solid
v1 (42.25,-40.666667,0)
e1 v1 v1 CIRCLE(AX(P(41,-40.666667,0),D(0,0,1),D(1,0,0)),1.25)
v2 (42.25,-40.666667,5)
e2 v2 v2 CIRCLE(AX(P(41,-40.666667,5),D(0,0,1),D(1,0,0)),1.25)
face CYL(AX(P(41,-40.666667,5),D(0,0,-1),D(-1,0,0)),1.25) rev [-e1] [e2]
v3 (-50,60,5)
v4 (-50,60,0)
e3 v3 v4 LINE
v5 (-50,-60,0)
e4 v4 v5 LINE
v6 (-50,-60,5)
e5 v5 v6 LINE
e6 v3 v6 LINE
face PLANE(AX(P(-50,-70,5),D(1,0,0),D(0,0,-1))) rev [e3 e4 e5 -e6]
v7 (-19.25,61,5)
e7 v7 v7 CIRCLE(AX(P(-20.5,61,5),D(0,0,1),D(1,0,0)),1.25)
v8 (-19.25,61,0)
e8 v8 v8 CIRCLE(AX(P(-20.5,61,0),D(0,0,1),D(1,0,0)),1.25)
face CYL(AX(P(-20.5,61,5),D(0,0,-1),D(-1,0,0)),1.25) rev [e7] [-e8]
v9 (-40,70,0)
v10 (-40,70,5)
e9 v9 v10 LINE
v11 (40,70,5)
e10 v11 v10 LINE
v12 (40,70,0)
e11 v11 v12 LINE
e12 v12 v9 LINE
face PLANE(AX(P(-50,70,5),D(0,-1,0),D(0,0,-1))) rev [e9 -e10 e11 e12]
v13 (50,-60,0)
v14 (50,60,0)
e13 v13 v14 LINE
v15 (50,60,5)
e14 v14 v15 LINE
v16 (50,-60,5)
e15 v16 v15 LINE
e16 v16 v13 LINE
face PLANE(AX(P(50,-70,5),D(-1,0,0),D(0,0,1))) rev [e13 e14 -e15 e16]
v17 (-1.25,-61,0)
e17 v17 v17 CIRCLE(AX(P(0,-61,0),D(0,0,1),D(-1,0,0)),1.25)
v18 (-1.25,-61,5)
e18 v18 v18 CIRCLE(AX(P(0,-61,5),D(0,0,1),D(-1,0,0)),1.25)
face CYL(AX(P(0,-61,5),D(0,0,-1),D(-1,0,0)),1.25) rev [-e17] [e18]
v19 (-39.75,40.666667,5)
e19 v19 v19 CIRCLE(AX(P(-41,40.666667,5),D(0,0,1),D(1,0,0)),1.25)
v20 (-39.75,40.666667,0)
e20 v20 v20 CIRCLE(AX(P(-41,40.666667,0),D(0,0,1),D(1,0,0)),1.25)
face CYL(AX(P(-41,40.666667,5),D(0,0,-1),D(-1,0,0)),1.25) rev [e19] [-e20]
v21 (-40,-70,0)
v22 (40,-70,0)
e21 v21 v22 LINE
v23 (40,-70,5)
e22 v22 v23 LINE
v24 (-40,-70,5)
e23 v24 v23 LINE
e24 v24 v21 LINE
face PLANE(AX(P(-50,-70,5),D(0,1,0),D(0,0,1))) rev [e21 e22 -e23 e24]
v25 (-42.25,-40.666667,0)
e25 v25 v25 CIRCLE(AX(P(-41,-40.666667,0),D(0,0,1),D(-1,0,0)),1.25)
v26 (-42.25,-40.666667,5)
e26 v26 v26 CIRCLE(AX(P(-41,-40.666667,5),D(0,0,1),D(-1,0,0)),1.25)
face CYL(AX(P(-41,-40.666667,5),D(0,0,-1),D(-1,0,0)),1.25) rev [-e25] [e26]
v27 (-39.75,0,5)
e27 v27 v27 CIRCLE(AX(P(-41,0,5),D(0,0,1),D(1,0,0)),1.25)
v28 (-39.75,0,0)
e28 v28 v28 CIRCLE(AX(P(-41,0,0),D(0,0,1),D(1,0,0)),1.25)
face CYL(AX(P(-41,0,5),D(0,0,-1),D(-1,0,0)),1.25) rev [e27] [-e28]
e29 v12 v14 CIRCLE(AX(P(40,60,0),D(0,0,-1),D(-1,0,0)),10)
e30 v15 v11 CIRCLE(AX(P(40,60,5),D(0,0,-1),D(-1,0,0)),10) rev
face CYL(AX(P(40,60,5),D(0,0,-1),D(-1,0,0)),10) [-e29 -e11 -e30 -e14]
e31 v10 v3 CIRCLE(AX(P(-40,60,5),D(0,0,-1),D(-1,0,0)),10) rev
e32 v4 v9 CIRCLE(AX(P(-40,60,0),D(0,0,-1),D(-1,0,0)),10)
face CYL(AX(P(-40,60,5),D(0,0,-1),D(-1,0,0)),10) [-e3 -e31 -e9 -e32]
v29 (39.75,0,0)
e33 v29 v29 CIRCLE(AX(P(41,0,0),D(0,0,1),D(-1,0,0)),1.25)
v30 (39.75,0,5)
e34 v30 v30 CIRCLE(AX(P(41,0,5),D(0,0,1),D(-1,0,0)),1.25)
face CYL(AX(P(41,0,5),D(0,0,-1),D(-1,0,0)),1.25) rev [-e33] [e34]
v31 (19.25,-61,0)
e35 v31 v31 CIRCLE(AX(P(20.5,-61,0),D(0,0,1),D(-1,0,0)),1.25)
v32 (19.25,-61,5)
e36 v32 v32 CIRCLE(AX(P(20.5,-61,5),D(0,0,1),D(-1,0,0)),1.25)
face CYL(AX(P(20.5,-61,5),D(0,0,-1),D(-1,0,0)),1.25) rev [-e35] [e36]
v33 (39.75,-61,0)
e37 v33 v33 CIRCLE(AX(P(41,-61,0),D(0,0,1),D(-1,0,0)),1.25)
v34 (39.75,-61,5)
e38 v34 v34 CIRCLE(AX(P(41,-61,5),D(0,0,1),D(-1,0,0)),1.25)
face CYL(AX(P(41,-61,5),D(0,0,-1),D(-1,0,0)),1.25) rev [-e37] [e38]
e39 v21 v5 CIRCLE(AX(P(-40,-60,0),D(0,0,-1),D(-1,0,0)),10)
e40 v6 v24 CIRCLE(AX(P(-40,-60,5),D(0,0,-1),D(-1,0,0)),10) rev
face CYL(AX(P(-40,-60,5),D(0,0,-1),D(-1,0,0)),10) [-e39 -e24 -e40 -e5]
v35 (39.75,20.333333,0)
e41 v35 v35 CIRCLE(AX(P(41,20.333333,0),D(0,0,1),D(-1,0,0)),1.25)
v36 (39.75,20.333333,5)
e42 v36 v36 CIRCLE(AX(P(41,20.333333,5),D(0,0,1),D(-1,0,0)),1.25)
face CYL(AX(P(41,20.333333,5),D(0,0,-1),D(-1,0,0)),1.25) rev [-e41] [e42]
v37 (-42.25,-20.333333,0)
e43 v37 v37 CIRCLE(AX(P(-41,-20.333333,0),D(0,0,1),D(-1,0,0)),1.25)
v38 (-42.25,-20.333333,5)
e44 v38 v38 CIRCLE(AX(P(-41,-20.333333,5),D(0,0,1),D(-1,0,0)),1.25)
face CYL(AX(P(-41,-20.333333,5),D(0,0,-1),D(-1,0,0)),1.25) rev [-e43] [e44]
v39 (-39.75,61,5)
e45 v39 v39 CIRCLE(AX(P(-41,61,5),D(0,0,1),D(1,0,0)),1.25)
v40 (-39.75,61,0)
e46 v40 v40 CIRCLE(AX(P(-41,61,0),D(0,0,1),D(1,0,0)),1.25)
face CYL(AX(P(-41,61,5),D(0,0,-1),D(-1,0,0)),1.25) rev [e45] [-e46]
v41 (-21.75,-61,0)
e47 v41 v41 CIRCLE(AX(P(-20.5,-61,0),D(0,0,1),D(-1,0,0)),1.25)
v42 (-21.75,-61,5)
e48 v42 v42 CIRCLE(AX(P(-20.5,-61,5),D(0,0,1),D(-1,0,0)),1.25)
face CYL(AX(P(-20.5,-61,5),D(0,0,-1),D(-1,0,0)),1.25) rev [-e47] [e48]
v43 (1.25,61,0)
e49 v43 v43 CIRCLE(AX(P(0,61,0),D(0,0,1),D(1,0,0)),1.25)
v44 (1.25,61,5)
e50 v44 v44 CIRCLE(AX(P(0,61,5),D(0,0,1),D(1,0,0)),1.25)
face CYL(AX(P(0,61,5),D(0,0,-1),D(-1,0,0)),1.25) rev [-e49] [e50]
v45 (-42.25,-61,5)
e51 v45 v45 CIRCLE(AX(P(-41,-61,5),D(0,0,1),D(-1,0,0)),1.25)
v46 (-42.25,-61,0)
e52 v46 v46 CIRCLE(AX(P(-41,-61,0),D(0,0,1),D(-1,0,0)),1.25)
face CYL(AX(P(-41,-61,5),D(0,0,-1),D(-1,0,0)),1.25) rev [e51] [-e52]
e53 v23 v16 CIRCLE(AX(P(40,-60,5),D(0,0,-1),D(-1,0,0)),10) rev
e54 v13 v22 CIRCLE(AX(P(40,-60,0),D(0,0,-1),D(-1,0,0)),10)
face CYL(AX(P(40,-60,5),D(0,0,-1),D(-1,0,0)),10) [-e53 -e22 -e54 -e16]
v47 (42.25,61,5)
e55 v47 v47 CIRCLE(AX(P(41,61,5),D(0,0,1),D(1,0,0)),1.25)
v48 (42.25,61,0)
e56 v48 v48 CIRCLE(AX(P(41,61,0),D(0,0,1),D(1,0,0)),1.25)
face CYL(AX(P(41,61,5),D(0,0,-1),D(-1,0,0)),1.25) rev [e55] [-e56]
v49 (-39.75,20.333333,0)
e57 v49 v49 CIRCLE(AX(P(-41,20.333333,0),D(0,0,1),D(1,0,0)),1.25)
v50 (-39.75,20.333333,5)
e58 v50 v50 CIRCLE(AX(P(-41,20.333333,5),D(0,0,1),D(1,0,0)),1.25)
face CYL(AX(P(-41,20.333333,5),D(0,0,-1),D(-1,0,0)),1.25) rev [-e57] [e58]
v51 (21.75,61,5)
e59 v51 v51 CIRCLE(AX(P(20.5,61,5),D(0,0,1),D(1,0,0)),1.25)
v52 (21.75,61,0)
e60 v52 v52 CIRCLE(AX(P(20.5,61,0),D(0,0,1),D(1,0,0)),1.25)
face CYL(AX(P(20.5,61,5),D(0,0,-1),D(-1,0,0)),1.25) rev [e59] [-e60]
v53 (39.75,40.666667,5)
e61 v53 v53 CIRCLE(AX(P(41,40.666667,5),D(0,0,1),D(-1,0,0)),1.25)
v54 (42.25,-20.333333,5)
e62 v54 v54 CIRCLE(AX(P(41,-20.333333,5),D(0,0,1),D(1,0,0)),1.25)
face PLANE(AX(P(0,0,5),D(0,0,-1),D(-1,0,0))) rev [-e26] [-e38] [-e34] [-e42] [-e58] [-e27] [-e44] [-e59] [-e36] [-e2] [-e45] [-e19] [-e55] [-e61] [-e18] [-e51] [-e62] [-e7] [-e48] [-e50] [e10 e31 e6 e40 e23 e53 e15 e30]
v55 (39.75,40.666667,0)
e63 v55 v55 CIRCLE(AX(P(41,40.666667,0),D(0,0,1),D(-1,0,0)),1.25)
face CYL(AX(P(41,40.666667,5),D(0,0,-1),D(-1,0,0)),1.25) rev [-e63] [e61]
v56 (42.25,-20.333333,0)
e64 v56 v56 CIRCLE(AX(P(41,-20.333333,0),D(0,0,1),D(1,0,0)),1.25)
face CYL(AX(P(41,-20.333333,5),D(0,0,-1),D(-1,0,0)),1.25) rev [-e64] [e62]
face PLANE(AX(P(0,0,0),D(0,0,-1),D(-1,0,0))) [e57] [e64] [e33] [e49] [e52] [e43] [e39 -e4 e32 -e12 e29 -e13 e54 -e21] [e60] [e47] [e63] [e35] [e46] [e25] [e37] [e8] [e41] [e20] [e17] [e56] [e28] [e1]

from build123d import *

# Parameters (mm, degrees)
SKETCH1_W           = 100
SKETCH1_H           = 140
SKETCH1_R           = 1.25
BOSS_EXTRUDE1_DEPTH = 5
FILLET1_R           = 10


with BuildPart() as part:
    # Sketch1 → Boss-Extrude1 (new body)
    with BuildSketch(Plane.XY):
        Rectangle(SKETCH1_W, SKETCH1_H)
        with Locations((0, 61)):
            Circle(SKETCH1_R, mode=Mode.SUBTRACT)
        with Locations((-41, 61)):
            Circle(SKETCH1_R, mode=Mode.SUBTRACT)
        with Locations((-20.5, 61)):
            Circle(SKETCH1_R, mode=Mode.SUBTRACT)
        with Locations((20.5, 61)):
            Circle(SKETCH1_R, mode=Mode.SUBTRACT)
        with Locations((41, 61)):
            Circle(SKETCH1_R, mode=Mode.SUBTRACT)
        with Locations((-41, 0)):
            Circle(SKETCH1_R, mode=Mode.SUBTRACT)
        with Locations((-41, 40.666666667)):
            Circle(SKETCH1_R, mode=Mode.SUBTRACT)
        with Locations((-41, 20.333333333)):
            Circle(SKETCH1_R, mode=Mode.SUBTRACT)
        with Locations(Location((41, 40.666666667, 0), (0, 0, 180))):
            Circle(SKETCH1_R, mode=Mode.SUBTRACT)
        with Locations(Location((41, 20.333333333, 0), (0, 0, 180))):
            Circle(SKETCH1_R, mode=Mode.SUBTRACT)
        with Locations(Location((41, 0, 0), (0, 0, 180))):
            Circle(SKETCH1_R, mode=Mode.SUBTRACT)
        with Locations(Location((-20.5, -61, 0), (0, 0, 180))):
            Circle(SKETCH1_R, mode=Mode.SUBTRACT)
        with Locations(Location((0, -61, 0), (0, 0, 180))):
            Circle(SKETCH1_R, mode=Mode.SUBTRACT)
        with Locations(Location((20.5, -61, 0), (0, 0, 180))):
            Circle(SKETCH1_R, mode=Mode.SUBTRACT)
        with Locations(Location((41, -61, 0), (0, 0, 180))):
            Circle(SKETCH1_R, mode=Mode.SUBTRACT)
        with Locations((41, -40.666666667)):
            Circle(SKETCH1_R, mode=Mode.SUBTRACT)
        with Locations((41, -20.333333333)):
            Circle(SKETCH1_R, mode=Mode.SUBTRACT)
        with Locations(Location((-41, -20.333333333, 0), (0, 0, 180))):
            Circle(SKETCH1_R, mode=Mode.SUBTRACT)
        with Locations(Location((-41, -40.666666667, 0), (0, 0, 180))):
            Circle(SKETCH1_R, mode=Mode.SUBTRACT)
        with Locations(Location((-41, -61, 0), (0, 0, 180))):
            Circle(SKETCH1_R, mode=Mode.SUBTRACT)
    extrude(amount=BOSS_EXTRUDE1_DEPTH)

    # Fillet1
    fillet1_edges = [part.edges().sort_by_distance(p)[0] for p in [
        (50, -70, 2.5),
        (-50, -70, 2.5),
        (-50, 70, 2.5),
        (50, 70, 2.5),
    ]]
    fillet(fillet1_edges, radius=FILLET1_R)


solid = part.part
